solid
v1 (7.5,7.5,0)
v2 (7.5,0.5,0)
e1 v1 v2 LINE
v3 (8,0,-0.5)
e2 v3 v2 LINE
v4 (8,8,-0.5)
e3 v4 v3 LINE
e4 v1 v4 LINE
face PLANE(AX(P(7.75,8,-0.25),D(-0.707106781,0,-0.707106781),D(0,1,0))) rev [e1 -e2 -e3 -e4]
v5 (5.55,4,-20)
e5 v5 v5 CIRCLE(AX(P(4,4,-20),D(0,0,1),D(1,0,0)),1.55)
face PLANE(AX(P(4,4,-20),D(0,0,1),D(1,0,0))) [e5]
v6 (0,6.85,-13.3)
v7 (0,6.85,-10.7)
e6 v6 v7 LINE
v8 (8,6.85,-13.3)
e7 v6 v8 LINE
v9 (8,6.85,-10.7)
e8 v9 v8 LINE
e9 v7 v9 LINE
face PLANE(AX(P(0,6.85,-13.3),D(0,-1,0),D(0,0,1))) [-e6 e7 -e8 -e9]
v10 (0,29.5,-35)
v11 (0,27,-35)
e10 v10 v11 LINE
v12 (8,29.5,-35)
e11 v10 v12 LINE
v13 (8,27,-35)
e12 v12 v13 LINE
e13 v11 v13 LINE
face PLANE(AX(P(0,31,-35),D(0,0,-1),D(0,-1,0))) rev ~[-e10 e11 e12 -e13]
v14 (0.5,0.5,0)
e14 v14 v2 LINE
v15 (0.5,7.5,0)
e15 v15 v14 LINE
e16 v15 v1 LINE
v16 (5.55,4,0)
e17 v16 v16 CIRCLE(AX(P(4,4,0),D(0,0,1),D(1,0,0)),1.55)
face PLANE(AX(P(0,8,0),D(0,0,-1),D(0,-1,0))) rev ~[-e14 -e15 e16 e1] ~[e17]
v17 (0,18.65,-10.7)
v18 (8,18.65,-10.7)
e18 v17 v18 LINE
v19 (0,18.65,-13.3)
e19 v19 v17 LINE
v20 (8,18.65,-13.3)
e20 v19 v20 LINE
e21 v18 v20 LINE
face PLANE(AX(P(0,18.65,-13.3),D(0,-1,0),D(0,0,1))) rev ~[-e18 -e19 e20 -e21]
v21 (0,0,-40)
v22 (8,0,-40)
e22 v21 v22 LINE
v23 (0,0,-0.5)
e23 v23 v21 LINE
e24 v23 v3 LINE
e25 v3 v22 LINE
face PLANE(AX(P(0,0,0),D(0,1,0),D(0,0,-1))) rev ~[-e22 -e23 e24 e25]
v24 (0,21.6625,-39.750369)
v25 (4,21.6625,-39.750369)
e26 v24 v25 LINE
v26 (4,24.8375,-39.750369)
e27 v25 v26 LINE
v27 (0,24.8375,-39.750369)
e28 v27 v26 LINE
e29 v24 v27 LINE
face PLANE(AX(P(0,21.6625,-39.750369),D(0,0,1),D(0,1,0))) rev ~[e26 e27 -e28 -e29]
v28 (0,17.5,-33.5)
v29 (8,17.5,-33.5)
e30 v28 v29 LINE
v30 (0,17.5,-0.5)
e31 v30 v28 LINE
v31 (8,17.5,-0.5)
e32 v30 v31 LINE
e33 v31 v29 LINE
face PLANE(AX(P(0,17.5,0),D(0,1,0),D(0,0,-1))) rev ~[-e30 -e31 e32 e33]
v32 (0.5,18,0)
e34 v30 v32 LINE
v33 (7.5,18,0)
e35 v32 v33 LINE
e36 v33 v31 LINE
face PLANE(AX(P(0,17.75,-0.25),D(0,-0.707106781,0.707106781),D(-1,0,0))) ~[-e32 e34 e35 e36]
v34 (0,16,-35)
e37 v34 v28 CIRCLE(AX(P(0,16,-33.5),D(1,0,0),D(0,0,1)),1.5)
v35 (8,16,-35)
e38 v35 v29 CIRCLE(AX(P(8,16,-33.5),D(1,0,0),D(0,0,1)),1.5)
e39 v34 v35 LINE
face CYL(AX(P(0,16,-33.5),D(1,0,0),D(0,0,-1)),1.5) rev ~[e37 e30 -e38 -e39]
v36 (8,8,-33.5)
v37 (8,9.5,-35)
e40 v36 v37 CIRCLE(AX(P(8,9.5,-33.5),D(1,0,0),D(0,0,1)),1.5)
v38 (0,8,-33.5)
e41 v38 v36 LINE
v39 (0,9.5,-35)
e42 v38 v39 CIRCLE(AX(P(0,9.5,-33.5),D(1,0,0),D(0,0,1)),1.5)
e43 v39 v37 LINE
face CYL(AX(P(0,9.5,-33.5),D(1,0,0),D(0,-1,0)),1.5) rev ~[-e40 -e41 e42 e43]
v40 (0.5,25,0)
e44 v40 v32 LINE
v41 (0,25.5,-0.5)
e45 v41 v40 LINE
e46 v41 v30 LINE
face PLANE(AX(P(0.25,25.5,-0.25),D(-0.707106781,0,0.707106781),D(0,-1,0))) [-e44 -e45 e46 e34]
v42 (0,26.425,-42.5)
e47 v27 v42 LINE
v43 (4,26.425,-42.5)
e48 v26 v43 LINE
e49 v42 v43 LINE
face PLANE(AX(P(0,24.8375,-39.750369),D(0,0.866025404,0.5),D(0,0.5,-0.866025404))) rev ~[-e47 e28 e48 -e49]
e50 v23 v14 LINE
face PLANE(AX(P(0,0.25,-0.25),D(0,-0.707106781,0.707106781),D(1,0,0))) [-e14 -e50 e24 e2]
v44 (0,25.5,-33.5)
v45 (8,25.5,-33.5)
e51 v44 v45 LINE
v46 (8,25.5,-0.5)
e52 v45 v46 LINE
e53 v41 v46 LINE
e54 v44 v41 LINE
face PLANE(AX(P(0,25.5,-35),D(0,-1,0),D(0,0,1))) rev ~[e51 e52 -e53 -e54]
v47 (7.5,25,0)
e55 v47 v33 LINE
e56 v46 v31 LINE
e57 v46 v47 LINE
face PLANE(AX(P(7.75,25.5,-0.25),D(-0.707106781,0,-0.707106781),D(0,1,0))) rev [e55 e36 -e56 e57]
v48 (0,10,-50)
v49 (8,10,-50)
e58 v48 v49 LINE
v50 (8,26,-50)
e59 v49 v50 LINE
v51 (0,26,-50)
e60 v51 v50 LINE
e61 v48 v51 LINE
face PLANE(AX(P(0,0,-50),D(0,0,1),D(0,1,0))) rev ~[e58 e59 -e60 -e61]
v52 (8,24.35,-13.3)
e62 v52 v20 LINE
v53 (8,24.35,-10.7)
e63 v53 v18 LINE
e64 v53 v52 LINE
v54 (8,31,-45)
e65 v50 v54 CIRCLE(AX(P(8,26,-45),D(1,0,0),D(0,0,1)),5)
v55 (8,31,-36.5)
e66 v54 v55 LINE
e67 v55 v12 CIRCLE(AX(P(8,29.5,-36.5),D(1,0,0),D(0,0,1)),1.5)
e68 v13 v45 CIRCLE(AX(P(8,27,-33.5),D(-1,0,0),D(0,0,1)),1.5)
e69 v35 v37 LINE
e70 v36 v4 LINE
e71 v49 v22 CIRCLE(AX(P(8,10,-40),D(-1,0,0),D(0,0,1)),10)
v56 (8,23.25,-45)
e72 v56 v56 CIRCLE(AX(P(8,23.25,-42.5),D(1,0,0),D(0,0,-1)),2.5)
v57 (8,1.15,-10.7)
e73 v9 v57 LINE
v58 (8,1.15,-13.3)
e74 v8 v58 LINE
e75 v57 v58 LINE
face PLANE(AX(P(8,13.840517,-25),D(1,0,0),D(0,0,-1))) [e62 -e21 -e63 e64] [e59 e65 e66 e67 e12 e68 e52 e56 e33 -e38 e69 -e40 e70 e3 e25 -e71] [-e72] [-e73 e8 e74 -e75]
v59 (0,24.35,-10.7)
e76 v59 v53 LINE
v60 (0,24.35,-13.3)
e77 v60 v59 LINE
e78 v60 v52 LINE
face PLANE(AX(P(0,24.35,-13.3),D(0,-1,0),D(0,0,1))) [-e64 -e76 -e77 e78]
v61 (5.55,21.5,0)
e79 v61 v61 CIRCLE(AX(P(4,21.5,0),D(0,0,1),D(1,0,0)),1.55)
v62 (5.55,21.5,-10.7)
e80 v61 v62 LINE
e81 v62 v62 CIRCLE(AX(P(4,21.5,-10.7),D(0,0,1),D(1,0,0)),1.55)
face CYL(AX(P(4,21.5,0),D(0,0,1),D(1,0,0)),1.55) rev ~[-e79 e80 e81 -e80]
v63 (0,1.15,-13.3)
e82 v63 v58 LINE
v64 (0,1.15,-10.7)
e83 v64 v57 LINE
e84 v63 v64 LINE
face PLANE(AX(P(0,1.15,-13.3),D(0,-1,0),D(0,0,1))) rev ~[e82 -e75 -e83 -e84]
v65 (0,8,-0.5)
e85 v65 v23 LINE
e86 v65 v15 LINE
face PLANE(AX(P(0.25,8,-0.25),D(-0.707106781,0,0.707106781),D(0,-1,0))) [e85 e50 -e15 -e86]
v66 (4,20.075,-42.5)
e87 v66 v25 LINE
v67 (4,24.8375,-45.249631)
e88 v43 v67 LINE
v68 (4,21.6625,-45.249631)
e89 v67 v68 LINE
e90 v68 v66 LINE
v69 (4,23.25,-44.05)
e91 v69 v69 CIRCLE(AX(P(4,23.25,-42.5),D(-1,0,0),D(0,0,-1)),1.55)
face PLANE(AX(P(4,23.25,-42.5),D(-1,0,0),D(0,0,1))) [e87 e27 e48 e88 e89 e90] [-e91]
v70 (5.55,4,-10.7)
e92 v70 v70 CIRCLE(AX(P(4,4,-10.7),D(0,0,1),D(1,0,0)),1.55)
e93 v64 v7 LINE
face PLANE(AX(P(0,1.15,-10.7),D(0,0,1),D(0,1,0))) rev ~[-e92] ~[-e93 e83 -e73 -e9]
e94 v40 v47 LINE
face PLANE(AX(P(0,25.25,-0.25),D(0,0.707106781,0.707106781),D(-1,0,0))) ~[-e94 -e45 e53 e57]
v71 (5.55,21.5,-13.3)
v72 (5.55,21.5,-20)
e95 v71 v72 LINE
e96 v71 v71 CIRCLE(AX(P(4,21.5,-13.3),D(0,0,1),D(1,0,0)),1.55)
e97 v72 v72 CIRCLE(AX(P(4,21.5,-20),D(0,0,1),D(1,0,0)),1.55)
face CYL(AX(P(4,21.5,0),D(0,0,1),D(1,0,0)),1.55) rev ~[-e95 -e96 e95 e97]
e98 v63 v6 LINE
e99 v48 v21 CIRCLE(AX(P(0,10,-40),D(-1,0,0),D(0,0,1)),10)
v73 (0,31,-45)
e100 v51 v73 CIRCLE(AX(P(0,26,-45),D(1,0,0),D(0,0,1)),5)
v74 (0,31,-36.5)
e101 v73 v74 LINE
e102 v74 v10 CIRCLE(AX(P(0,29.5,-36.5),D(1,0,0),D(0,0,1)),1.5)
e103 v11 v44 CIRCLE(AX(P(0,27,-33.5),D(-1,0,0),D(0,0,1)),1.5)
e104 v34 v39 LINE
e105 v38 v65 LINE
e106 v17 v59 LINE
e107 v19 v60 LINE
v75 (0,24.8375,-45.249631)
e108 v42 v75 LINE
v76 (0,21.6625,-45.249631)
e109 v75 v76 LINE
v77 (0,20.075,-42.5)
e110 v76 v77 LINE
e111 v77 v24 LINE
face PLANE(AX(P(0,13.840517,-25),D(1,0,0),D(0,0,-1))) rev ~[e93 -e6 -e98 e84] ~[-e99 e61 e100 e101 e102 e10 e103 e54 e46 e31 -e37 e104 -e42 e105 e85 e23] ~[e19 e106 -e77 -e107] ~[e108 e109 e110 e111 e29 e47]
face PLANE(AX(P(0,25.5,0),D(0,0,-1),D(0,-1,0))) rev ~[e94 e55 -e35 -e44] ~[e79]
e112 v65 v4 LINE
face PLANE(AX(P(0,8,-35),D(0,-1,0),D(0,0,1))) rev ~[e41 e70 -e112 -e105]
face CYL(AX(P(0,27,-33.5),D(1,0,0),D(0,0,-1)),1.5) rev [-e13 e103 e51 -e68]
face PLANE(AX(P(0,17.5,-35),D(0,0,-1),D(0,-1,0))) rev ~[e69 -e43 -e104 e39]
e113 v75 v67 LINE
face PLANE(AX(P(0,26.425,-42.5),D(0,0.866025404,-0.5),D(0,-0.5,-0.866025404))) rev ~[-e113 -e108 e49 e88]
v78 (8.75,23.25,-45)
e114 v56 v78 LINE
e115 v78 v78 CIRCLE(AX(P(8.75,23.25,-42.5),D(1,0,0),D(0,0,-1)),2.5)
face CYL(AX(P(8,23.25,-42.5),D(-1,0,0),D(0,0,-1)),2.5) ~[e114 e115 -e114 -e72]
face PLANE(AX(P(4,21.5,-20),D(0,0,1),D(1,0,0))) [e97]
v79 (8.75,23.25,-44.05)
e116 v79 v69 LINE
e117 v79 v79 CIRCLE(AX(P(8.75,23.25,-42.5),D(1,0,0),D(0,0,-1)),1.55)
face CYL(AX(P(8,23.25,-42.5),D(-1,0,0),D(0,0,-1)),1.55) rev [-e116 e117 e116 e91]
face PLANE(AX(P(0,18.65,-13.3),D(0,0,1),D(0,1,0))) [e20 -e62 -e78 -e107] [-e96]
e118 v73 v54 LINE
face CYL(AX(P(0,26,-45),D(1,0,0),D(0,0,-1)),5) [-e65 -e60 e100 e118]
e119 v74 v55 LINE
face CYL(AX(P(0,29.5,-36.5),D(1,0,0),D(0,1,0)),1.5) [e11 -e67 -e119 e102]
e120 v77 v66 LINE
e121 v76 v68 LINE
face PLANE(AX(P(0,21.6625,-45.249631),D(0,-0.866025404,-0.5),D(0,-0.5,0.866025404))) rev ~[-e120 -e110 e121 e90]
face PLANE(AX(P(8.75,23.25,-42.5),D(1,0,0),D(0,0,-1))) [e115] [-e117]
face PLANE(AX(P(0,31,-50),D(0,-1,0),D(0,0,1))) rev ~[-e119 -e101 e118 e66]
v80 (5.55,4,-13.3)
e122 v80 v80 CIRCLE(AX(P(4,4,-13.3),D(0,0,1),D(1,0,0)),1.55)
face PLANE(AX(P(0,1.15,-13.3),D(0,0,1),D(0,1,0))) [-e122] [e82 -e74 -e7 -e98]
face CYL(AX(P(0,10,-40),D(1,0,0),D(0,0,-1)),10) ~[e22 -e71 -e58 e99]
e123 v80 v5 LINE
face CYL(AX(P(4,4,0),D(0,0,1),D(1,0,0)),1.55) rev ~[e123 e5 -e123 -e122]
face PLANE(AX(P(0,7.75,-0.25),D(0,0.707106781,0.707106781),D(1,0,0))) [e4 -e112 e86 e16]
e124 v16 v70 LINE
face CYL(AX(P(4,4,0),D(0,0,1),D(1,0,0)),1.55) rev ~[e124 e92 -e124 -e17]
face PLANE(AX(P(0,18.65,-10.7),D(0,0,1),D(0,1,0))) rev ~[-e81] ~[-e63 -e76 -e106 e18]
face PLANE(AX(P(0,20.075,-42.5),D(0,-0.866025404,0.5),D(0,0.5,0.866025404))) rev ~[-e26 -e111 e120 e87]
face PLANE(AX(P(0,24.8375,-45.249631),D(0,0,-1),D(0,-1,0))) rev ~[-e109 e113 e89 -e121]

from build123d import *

# Parameters (mm, degrees)
SKETCH1_R           = 1.55
BOSS_EXTRUDE1_DEPTH = 8
SKETCH4_R           = 1.55
CUT_EXTRUDE2_DEPTH  = 20
SKETCH5_W           = 2.6
SKETCH5_H           = 5.7
CUT_EXTRUDE3_DEPTH  = 60.371710435
FILLET2_R           = 1.5
FILLET3_R           = 5
FILLET4_R           = 10
CHAMFER1_SIZE       = 0.5
SKETCH6_R           = 2.5
SKETCH6_R_2         = 1.55
BOSS_EXTRUDE3_DEPTH = 0.75
CUT_EXTRUDE4_DEPTH  = 4


with BuildPart() as part:
    # Sketch1 → Boss-Extrude1 (new body)
    with BuildSketch(Plane(origin=(0, 0, 0), x_dir=(0, 0, -1), z_dir=(1, 0, 0))):
        Polygon((0, 0), (50, 0), (50, 31), (35, 31), (35, 25.5), (0, 25.5), (0, 17.5), (35, 17.5), (35, 8), (0, 8), align=None)
        with Locations((42.5, 23.25)):
            Circle(SKETCH1_R, mode=Mode.SUBTRACT)
    extrude(amount=BOSS_EXTRUDE1_DEPTH)

    # Sketch4 → Cut-Extrude2 (cut)
    with BuildSketch(Plane.XY):
        with Locations((4, 21.5)):
            Circle(SKETCH4_R)
        with Locations((4, 4)):
            Circle(SKETCH4_R)
    extrude(amount=-CUT_EXTRUDE2_DEPTH, mode=Mode.SUBTRACT)

    # Sketch5 → Cut-Extrude3 (cut, through all)
    with BuildSketch(Plane.ZY):
        with Locations((-12, 21.5)):
            Rectangle(SKETCH5_W, SKETCH5_H)
        with Locations((-12, 4)):
            Rectangle(SKETCH5_W, SKETCH5_H)
    extrude(amount=-CUT_EXTRUDE3_DEPTH, mode=Mode.SUBTRACT)

    # Fillet2
    fillet2_edges = [part.edges().sort_by_distance(p)[0] for p in [
        (4, 8, -35),
        (4, 17.5, -35),
        (4, 25.5, -35),
        (4, 31, -35),
    ]]
    fillet(fillet2_edges, radius=FILLET2_R)

    # Fillet3
    fillet3_edges = [part.edges().sort_by_distance(p)[0] for p in [
        (4, 31, -50),
    ]]
    fillet(fillet3_edges, radius=FILLET3_R)

    # Fillet4
    fillet4_edges = [part.edges().sort_by_distance(p)[0] for p in [
        (4, 0, -50),
    ]]
    fillet(fillet4_edges, radius=FILLET4_R)

    # Chamfer1
    chamfer1_edges = [part.edges().sort_by_distance(p)[0] for p in [
        (0, 21.5, 0),
        (0, 4, 0),
        (4, 8, 0),
        (4, 17.5, 0),
        (4, 25.5, 0),
        (4, 0, 0),
        (8, 21.5, 0),
        (8, 4, 0),
    ]]
    chamfer(chamfer1_edges, length=CHAMFER1_SIZE)

    # Sketch6 → Boss-Extrude3 (add)
    with BuildSketch(Plane(origin=(8, 0, 0), x_dir=(0, 0, -1), z_dir=(1, 0, 0))):
        with Locations((42.5, 23.25)):
            Circle(SKETCH6_R)
        with Locations((42.5, 23.25)):
            Circle(SKETCH6_R_2, mode=Mode.SUBTRACT)
    extrude(amount=BOSS_EXTRUDE3_DEPTH)

    # Sketch7 → Cut-Extrude4 (cut)
    with BuildSketch(Plane.ZY):
        Polygon((-39.750369343, 24.8375), (-42.5, 26.425), (-45.249630657, 24.8375), (-45.249630657, 21.6625), (-42.5, 20.075), (-39.750369343, 21.6625), align=None)
    extrude(amount=-CUT_EXTRUDE4_DEPTH, mode=Mode.SUBTRACT)


solid = part.part
